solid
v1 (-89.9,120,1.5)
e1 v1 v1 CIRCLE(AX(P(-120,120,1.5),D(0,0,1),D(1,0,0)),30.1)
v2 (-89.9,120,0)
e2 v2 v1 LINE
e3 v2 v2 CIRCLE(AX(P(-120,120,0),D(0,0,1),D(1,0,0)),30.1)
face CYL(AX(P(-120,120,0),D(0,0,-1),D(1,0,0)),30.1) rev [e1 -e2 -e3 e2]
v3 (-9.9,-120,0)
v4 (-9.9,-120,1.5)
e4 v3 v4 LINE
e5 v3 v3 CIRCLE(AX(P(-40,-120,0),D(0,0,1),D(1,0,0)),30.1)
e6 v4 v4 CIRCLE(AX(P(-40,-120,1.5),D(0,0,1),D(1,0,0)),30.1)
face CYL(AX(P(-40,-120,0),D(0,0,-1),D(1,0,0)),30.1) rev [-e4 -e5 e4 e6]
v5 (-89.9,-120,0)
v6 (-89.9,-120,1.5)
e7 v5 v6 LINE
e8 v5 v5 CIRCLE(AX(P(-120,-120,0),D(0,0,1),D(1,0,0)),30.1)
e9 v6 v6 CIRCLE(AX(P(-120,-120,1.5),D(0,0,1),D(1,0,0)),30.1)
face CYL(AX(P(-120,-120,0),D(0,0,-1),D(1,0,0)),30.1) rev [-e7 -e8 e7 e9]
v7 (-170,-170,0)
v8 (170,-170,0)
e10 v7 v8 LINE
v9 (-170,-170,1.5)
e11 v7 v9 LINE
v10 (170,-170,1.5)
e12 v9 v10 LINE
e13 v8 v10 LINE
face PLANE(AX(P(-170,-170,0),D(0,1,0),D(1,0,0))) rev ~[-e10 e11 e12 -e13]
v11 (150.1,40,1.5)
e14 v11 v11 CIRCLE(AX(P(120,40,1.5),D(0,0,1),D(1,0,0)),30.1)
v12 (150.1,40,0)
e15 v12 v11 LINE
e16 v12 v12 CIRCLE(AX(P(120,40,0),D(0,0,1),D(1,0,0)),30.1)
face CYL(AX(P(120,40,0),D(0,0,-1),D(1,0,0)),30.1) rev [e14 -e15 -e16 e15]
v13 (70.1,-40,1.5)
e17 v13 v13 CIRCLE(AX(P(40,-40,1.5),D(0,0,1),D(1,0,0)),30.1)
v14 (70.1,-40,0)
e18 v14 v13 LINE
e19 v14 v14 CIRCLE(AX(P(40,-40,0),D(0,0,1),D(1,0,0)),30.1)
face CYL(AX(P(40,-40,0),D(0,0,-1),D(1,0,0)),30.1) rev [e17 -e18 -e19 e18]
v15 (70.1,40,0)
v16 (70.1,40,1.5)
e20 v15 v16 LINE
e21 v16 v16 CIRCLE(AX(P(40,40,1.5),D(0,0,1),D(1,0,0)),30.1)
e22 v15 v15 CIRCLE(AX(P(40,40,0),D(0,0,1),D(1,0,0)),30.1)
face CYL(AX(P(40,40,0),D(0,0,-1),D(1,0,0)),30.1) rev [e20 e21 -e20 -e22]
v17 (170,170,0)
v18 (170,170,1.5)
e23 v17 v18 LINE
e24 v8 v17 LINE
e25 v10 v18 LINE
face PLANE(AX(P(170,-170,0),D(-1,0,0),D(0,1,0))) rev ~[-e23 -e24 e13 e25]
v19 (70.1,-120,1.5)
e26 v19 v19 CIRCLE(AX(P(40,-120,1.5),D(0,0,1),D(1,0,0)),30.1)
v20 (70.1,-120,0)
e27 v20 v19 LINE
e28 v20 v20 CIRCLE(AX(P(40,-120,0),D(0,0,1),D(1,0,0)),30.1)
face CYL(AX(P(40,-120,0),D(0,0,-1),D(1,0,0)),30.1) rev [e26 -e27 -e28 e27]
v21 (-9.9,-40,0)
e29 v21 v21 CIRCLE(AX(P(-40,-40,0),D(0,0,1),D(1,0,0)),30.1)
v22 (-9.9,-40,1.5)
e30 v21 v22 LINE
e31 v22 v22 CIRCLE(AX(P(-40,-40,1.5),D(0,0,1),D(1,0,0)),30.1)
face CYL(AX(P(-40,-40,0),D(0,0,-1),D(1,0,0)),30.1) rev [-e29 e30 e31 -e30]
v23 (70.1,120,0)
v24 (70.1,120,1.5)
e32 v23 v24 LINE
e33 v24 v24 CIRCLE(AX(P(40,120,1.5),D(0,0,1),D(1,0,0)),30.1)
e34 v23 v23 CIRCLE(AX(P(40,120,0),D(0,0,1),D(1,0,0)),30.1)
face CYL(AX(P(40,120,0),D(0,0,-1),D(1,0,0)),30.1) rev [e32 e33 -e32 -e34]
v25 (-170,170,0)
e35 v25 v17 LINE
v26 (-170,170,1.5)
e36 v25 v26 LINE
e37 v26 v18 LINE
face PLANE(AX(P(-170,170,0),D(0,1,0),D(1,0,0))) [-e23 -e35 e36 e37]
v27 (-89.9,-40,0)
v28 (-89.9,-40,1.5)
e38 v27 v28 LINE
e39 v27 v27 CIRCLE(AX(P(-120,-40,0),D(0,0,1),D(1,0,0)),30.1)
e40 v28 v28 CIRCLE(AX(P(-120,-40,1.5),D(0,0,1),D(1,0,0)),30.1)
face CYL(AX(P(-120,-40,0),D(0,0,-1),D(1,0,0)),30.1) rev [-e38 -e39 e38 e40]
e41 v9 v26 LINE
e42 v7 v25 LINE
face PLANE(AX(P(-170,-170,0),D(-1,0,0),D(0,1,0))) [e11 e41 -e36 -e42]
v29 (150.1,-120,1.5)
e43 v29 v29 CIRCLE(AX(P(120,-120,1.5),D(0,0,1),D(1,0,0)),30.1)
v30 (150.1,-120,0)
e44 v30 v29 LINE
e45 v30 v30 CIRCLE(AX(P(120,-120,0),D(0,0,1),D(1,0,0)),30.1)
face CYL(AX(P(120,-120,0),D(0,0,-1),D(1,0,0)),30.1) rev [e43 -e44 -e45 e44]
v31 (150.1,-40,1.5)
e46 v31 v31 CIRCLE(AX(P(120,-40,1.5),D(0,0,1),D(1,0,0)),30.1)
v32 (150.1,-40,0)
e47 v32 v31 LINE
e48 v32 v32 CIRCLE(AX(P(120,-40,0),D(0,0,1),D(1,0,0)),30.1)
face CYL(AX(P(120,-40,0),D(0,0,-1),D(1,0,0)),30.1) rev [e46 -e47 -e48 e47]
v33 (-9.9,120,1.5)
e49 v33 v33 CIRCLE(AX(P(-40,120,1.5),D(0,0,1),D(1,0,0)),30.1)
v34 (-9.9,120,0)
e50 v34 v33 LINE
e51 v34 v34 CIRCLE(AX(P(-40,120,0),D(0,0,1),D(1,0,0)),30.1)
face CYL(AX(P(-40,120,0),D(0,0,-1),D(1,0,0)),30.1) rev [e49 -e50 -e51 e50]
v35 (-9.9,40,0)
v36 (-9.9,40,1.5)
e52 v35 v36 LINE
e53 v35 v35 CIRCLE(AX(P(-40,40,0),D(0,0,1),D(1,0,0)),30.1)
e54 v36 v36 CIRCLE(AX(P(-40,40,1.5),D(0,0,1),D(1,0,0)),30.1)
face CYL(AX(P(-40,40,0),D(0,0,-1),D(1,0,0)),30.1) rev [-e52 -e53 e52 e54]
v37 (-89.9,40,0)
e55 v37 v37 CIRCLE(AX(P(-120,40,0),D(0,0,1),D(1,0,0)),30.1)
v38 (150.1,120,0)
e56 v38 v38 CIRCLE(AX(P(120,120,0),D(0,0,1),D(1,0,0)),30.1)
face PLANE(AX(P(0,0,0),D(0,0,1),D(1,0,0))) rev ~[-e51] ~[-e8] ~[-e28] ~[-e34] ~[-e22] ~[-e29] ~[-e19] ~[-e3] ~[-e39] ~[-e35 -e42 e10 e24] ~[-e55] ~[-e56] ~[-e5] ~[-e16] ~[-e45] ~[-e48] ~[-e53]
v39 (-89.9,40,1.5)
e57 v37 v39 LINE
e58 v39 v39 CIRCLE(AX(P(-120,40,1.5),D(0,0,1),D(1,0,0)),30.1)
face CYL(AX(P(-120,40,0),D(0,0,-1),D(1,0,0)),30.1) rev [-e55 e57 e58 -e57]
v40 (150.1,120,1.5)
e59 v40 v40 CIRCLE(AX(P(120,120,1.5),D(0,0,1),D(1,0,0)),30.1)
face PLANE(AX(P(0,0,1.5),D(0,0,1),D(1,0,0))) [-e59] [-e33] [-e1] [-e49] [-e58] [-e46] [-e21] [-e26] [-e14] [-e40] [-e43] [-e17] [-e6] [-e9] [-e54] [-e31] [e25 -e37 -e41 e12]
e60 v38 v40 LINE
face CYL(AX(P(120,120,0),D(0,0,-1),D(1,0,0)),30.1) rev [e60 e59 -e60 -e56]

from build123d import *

# Parameters (mm, degrees)
F0_W     = 340
F0_H     = 340
F0_R     = 30.1
F1_DEPTH = 1.5


with BuildPart() as f1:
    # F0 (on Top) → F1 (new body)
    with BuildSketch(Plane.XY):
        Rectangle(F0_W, F0_H)
        with Locations((-120, -120)):
            Circle(F0_R, mode=Mode.SUBTRACT)
        with Locations((-40, -120)):
            Circle(F0_R, mode=Mode.SUBTRACT)
        with Locations((-120, -40)):
            Circle(F0_R, mode=Mode.SUBTRACT)
        with Locations((-40, -40)):
            Circle(F0_R, mode=Mode.SUBTRACT)
        with Locations((40, -120)):
            Circle(F0_R, mode=Mode.SUBTRACT)
        with Locations((120, -120)):
            Circle(F0_R, mode=Mode.SUBTRACT)
        with Locations((40, -40)):
            Circle(F0_R, mode=Mode.SUBTRACT)
        with Locations((120, -40)):
            Circle(F0_R, mode=Mode.SUBTRACT)
        with Locations((-120, 40)):
            Circle(F0_R, mode=Mode.SUBTRACT)
        with Locations((-40, 40)):
            Circle(F0_R, mode=Mode.SUBTRACT)
        with Locations((-120, 120)):
            Circle(F0_R, mode=Mode.SUBTRACT)
        with Locations((-40, 120)):
            Circle(F0_R, mode=Mode.SUBTRACT)
        with Locations((40, 40)):
            Circle(F0_R, mode=Mode.SUBTRACT)
        with Locations((120, 40)):
            Circle(F0_R, mode=Mode.SUBTRACT)
        with Locations((40, 120)):
            Circle(F0_R, mode=Mode.SUBTRACT)
        with Locations((120, 120)):
            Circle(F0_R, mode=Mode.SUBTRACT)
    extrude(amount=F1_DEPTH)


solid = f1.part
